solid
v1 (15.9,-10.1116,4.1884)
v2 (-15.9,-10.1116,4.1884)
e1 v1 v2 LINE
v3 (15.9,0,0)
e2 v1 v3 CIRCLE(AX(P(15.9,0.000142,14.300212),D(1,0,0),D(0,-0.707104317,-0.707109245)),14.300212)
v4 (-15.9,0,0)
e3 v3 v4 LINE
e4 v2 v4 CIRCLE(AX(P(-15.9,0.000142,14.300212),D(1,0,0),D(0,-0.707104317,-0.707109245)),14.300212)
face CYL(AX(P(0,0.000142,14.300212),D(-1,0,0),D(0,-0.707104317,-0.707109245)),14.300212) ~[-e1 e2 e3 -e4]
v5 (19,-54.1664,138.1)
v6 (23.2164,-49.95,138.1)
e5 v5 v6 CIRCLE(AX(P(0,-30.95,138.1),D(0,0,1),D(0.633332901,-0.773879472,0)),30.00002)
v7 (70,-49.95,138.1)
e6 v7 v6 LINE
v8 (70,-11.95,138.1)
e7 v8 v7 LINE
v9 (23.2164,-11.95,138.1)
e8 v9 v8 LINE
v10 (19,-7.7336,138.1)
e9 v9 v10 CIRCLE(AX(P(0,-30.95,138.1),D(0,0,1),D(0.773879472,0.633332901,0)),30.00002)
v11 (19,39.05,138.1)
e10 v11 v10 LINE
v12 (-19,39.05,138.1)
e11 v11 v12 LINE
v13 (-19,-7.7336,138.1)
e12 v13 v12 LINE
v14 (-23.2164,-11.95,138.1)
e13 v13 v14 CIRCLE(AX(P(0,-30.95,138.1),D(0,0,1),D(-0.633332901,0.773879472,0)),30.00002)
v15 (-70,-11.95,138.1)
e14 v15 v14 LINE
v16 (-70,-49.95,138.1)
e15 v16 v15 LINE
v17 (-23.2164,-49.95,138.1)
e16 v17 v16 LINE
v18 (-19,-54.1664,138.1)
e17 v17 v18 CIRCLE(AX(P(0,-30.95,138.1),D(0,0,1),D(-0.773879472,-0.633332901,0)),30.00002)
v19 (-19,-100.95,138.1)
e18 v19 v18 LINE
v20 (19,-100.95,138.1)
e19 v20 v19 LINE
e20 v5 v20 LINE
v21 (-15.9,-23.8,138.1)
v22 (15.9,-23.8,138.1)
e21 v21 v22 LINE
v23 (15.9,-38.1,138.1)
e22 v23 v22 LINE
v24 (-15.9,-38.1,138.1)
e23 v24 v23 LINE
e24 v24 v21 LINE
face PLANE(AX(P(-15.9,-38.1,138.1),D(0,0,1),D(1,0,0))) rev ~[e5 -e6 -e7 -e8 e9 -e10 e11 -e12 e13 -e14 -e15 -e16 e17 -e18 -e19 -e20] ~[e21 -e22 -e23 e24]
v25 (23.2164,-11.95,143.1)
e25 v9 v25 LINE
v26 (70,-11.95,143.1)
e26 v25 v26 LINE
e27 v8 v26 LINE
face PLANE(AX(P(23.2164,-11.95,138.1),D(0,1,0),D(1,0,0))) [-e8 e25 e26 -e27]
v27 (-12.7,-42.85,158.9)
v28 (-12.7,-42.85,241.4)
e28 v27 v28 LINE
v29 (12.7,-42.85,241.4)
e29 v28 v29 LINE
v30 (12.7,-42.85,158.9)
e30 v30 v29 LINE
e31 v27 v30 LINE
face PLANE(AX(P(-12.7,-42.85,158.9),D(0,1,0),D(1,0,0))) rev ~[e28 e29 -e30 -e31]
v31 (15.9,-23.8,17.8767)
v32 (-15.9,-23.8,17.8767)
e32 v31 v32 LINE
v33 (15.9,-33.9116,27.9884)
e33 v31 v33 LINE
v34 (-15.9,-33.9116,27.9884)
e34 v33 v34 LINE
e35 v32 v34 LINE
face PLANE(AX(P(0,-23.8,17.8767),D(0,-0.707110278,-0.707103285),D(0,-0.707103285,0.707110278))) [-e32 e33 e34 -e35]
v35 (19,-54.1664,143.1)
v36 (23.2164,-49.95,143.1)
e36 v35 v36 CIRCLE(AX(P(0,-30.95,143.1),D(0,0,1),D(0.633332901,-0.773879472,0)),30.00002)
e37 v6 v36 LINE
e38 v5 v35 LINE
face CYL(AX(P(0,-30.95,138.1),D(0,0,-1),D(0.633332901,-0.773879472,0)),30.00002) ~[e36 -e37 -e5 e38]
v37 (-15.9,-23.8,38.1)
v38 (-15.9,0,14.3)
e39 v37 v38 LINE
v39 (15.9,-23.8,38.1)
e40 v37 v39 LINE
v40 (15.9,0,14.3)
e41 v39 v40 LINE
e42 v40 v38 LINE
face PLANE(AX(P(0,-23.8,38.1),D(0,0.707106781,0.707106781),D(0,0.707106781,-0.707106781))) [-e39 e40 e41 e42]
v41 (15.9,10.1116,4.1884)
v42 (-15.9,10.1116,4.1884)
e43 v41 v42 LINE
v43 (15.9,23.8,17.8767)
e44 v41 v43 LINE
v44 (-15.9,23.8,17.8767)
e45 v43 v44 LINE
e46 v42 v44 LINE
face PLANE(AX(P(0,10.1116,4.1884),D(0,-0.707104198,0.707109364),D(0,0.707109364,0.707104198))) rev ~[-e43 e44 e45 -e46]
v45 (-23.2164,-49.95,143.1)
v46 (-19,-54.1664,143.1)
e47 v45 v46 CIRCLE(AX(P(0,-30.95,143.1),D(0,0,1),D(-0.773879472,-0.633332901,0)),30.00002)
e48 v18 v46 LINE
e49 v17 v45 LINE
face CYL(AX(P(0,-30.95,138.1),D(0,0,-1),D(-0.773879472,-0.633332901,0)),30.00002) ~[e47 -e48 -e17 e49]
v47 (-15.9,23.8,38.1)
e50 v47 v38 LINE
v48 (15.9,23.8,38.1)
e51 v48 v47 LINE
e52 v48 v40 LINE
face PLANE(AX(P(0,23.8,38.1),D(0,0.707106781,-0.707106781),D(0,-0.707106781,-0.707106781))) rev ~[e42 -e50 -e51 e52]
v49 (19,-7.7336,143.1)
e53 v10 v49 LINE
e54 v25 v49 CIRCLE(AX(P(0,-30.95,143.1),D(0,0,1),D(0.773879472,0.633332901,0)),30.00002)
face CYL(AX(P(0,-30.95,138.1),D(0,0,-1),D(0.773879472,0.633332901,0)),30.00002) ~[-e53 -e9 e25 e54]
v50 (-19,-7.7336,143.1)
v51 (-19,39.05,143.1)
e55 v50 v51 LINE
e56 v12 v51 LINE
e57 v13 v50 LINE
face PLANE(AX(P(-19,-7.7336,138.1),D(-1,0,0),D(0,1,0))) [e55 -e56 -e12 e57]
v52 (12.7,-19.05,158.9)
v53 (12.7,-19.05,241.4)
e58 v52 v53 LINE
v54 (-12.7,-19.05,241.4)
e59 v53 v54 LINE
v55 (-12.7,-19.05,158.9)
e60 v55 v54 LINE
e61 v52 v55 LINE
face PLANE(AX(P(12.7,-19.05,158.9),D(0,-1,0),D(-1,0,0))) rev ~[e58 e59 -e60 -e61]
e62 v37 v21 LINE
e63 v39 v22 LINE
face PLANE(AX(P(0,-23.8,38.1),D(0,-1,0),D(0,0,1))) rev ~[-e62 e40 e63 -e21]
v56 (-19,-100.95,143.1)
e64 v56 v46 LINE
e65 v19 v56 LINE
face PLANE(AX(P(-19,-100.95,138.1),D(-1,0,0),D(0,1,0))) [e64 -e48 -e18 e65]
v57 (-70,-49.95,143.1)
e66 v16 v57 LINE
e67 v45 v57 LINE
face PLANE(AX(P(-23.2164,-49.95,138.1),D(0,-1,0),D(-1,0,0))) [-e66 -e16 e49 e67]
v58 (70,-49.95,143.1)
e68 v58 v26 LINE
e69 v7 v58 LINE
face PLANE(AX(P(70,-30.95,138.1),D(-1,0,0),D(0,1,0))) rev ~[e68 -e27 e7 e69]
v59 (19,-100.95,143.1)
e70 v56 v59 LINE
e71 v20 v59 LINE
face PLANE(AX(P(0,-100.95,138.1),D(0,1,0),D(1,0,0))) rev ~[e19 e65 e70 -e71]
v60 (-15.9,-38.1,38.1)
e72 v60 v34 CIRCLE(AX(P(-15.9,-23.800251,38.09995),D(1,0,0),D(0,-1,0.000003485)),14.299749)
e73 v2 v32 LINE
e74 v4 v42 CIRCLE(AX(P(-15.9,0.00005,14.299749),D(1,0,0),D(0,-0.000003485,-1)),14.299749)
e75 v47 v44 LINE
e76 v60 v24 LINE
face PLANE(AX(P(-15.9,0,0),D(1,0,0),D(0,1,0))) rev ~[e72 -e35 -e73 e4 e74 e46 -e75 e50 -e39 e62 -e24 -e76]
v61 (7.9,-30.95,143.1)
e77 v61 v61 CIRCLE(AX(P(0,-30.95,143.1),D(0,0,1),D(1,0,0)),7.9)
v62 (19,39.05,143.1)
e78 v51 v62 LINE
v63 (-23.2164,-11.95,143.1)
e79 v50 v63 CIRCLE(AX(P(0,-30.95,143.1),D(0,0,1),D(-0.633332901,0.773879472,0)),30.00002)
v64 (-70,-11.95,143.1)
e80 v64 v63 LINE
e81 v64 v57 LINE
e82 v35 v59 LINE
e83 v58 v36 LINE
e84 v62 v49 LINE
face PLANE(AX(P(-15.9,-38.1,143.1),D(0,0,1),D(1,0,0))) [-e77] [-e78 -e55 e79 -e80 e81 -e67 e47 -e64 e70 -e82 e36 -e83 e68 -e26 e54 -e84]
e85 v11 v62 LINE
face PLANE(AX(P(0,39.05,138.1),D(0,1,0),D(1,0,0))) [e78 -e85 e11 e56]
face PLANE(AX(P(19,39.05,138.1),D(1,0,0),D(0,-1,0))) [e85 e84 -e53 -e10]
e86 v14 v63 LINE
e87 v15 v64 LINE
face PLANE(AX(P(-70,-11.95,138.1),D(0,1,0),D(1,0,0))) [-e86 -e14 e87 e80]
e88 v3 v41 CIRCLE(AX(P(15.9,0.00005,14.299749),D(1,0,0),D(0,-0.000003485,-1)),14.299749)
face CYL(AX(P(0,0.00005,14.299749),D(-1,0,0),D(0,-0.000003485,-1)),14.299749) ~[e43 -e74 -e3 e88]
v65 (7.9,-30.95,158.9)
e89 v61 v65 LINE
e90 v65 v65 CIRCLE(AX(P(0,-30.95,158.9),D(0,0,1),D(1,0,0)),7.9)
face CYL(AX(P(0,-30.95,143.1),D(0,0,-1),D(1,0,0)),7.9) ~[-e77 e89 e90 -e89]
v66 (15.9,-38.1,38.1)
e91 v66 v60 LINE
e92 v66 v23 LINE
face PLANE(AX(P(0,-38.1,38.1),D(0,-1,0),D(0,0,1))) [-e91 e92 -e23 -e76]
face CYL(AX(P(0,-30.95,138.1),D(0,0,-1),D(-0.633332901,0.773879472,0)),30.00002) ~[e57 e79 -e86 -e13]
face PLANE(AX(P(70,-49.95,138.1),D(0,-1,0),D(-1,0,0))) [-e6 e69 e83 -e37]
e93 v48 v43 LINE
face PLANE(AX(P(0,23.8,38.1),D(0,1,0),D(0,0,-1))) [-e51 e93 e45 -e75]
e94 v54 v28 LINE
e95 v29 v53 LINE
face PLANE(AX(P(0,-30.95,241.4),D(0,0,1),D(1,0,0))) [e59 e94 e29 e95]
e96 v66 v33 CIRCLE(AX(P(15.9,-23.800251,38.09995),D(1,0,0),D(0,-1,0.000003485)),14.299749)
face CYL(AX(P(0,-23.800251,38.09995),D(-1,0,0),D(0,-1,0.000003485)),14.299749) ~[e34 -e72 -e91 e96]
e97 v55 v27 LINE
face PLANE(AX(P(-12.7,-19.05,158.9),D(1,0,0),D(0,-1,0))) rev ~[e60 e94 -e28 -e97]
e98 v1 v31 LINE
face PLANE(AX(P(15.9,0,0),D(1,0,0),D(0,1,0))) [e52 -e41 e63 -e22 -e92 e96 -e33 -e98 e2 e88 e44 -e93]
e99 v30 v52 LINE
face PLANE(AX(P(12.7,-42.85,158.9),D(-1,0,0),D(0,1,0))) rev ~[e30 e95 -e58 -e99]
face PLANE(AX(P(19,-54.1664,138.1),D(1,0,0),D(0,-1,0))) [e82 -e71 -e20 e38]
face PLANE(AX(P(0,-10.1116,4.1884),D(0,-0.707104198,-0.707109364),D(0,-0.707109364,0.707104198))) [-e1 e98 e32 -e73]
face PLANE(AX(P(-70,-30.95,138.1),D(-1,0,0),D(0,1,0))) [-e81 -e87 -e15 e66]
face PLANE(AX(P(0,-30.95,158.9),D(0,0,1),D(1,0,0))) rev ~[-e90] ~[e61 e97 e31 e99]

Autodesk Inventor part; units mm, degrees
ref_plane "YZ Plane" through (0, 0, 0) normal (1, 0, 0) x (0, 1, 0)
ref_plane "XZ Plane" through (0, 0, 0) normal (0, 1, 0) x (-1, 0, 0)
ref_plane "XY Plane" through (0, 0, 0) normal (0, 0, 1) x (1, 0, 0)
sketch "Boceto1" plane through (0, 0, 0) normal (1, 0, 0) x (0, 1, 0)
  line L0 (0, 0) -> (0, 14.3) construction
  line L1 (0, 14.3) -> (-23.8, 14.3) construction
  line L2 (-23.8, 14.3) -> (-23.8, 38.1) construction
  line L3 (-23.8, 38.1) -> (0, 14.3)
  circle A0 centre (0, 14.3) radius 14.3 construction
  line L4 (-10.1116, 4.1884) -> (-23.8, 17.8767)
  arc A1 (-10.1116, 4.1884) -> (0, 0) centre (0, 14.3) ccw
  line L5 (23.8, 38.1) -> (0, 14.3)
  line L6 (10.1116, 4.1884) -> (23.8, 17.8767)
  arc A2 (0, 0) -> (10.1116, 4.1884) centre (0, 14.3) ccw
  line L7 (23.8, 38.1) -> (23.8, 17.8767)
  circle A3 centre (-23.8, 38.1) radius 14.3 construction
  line L8 (-23.8, 38.1) -> (-23.8, 138.1)
  line L9 (-23.8, 17.8767) -> (-33.9116, 27.9884)
  line L10 (-38.1, 38.1) -> (-38.1, 138.1)
  line L11 (-38.1, 138.1) -> (-23.8, 138.1)
  arc A4 (-38.1, 38.1) -> (-33.9116, 27.9884) centre (-23.8, 38.1) ccw
  dimension "d0" = 14.3
  dimension "d1" = 23.8
  dimension "d2" = 23.8
  dimension "d3" = 28.6
  dimension "d4" = 100
  dimension "d7" = 23.8
  dimension "d8" = 47.6
  dimension "d9" = 47.9583
extrude "Extrusión1" add sketch "Boceto1" along normal mid plane 31.8
sketch "Boceto2" plane through (-15.9, -38.1, 138.1) normal (0, 0, 1) x (1, 0, 0)
  line L0 (0, 14.3) -> (31.8, 14.3) construction
  line L1 (31.8, 0) -> (31.8, 4.1884) construction
  line L2 (0, 14.3) -> (31.8, 0) construction
  line L3 (15.9, 7.15) -> (-3.1, 7.15) construction
  line L4 (-3.1, 7.15) -> (-3.1, 77.15) construction
  line L5 (-3.1, 77.15) -> (15.9, 77.15) construction
  line L6 (15.9, 77.15) -> (15.9, 7.15) construction
  line L7 (15.9, 7.15) -> (-54.1, 7.15) construction
  line L8 (-54.1, 7.15) -> (-54.1, 26.15) construction
  line L9 (-54.1, 26.15) -> (15.9, 26.15) construction
  line L10 (15.9, 26.15) -> (15.9, 7.15) construction
  circle A0 centre (15.9, 7.15) radius 30 construction
  line L11 (15.9, 77.15) -> (-3.1, 77.15)
  line L12 (-3.1, 30.3664) -> (-3.1, 77.15)
  line L13 (-54.1, 7.15) -> (-54.1, 26.15)
  line L14 (-54.1, 26.15) -> (-7.3164, 26.15)
  arc A1 (-3.1, 30.3664) -> (-7.3164, 26.15) centre (15.9, 7.15) ccw
  line L15 (-54.1, -11.85) -> (-54.1, 7.15) construction
  line L16 (15.9, -11.85) -> (-54.1, -11.85) construction
  line L17 (-7.3164, -11.85) -> (-54.1, -11.85)
  line L18 (-54.1, 7.15) -> (-54.1, -11.85)
  line L19 (15.9, -62.85) -> (-3.1, -62.85) construction
  line L20 (15.9, -62.85) -> (-3.1, -62.85)
  line L21 (-3.1, -62.85) -> (-3.1, 7.15) construction
  line L22 (-3.1, -62.85) -> (-3.1, -16.0664)
  arc A2 (-7.3164, -11.85) -> (-3.1, -16.0664) centre (15.9, 7.15) ccw
  line L23 (34.9, -62.85) -> (15.9, -62.85) construction
  line L24 (34.9, 7.15) -> (34.9, -62.85) construction
  line L25 (34.9, -16.0664) -> (34.9, -62.85)
  line L26 (15.9, -62.85) -> (34.9, -62.85)
  line L27 (85.9, 7.15) -> (85.9, -11.85) construction
  line L28 (85.9, 7.15) -> (85.9, -11.85)
  line L29 (85.9, -11.85) -> (15.9, -11.85) construction
  line L30 (85.9, -11.85) -> (39.1164, -11.85)
  arc A3 (34.9, -16.0664) -> (39.1164, -11.85) centre (15.9, 7.15) ccw
  line L31 (85.9, 26.15) -> (85.9, 7.15) construction
  line L32 (15.9, 26.15) -> (85.9, 26.15) construction
  line L33 (39.1164, 26.15) -> (85.9, 26.15)
  line L34 (85.9, 7.15) -> (85.9, 26.15)
  line L35 (15.9, 77.15) -> (34.9, 77.15) construction
  line L36 (15.9, 77.15) -> (34.9, 77.15)
  line L37 (34.9, 77.15) -> (34.9, 7.15) construction
  line L38 (34.9, 77.15) -> (34.9, 30.3664)
  arc A4 (39.1164, 26.15) -> (34.9, 30.3664) centre (15.9, 7.15) ccw
  point P0 (15.9, 38.1)
  point P1 (-54.1, 7.15)
  point P2 (85.9, 7.15)
  dimension "d10" = 19
  dimension "d11" = 70
  dimension "d12" = 70
  dimension "d13" = 19
  dimension "d14" = 60
  dimension "d17" = 360
extrude "Extrusión2" add sketch "Boceto2" along normal blind 5
sketch "Boceto3" plane through (-15.9, -38.1, 143.1) normal (0, 0, 1) x (1, 0, 0)
  arc A0 (39.1164, 26.15) -> (34.9, 30.3664) centre (15.9, 7.15) ccw projected
  circle A1 centre (15.9, 7.15) radius 7.9
  point P0 (15.9, 38.1)
  dimension "d21" = 15.8
extrude "Extrusión3" add sketch "Boceto3" along normal blind 15.8
sketch "Boceto4" plane through (0, -30.95, 158.9) normal (0, 0, 1) x (1, 0, 0)
  line L0 (12.7, 11.9) -> (-12.7, 11.9)
  line L1 (-12.7, 11.9) -> (-12.7, -11.9)
  line L2 (-12.7, -11.9) -> (12.7, -11.9)
  line L3 (12.7, -11.9) -> (12.7, 11.9)
  circle A0 centre (0, 0) radius 7.9 projected
  point P0 (0, 30.95)
  point P1 (12.7, 0)
  point P2 (0, -11.9)
  dimension "d24" = 25.4
  dimension "d25" = 23.8
extrude "Extrusión4" add sketch "Boceto4" along normal blind 82.5 contours L3 L2 L1 L0 | A0
